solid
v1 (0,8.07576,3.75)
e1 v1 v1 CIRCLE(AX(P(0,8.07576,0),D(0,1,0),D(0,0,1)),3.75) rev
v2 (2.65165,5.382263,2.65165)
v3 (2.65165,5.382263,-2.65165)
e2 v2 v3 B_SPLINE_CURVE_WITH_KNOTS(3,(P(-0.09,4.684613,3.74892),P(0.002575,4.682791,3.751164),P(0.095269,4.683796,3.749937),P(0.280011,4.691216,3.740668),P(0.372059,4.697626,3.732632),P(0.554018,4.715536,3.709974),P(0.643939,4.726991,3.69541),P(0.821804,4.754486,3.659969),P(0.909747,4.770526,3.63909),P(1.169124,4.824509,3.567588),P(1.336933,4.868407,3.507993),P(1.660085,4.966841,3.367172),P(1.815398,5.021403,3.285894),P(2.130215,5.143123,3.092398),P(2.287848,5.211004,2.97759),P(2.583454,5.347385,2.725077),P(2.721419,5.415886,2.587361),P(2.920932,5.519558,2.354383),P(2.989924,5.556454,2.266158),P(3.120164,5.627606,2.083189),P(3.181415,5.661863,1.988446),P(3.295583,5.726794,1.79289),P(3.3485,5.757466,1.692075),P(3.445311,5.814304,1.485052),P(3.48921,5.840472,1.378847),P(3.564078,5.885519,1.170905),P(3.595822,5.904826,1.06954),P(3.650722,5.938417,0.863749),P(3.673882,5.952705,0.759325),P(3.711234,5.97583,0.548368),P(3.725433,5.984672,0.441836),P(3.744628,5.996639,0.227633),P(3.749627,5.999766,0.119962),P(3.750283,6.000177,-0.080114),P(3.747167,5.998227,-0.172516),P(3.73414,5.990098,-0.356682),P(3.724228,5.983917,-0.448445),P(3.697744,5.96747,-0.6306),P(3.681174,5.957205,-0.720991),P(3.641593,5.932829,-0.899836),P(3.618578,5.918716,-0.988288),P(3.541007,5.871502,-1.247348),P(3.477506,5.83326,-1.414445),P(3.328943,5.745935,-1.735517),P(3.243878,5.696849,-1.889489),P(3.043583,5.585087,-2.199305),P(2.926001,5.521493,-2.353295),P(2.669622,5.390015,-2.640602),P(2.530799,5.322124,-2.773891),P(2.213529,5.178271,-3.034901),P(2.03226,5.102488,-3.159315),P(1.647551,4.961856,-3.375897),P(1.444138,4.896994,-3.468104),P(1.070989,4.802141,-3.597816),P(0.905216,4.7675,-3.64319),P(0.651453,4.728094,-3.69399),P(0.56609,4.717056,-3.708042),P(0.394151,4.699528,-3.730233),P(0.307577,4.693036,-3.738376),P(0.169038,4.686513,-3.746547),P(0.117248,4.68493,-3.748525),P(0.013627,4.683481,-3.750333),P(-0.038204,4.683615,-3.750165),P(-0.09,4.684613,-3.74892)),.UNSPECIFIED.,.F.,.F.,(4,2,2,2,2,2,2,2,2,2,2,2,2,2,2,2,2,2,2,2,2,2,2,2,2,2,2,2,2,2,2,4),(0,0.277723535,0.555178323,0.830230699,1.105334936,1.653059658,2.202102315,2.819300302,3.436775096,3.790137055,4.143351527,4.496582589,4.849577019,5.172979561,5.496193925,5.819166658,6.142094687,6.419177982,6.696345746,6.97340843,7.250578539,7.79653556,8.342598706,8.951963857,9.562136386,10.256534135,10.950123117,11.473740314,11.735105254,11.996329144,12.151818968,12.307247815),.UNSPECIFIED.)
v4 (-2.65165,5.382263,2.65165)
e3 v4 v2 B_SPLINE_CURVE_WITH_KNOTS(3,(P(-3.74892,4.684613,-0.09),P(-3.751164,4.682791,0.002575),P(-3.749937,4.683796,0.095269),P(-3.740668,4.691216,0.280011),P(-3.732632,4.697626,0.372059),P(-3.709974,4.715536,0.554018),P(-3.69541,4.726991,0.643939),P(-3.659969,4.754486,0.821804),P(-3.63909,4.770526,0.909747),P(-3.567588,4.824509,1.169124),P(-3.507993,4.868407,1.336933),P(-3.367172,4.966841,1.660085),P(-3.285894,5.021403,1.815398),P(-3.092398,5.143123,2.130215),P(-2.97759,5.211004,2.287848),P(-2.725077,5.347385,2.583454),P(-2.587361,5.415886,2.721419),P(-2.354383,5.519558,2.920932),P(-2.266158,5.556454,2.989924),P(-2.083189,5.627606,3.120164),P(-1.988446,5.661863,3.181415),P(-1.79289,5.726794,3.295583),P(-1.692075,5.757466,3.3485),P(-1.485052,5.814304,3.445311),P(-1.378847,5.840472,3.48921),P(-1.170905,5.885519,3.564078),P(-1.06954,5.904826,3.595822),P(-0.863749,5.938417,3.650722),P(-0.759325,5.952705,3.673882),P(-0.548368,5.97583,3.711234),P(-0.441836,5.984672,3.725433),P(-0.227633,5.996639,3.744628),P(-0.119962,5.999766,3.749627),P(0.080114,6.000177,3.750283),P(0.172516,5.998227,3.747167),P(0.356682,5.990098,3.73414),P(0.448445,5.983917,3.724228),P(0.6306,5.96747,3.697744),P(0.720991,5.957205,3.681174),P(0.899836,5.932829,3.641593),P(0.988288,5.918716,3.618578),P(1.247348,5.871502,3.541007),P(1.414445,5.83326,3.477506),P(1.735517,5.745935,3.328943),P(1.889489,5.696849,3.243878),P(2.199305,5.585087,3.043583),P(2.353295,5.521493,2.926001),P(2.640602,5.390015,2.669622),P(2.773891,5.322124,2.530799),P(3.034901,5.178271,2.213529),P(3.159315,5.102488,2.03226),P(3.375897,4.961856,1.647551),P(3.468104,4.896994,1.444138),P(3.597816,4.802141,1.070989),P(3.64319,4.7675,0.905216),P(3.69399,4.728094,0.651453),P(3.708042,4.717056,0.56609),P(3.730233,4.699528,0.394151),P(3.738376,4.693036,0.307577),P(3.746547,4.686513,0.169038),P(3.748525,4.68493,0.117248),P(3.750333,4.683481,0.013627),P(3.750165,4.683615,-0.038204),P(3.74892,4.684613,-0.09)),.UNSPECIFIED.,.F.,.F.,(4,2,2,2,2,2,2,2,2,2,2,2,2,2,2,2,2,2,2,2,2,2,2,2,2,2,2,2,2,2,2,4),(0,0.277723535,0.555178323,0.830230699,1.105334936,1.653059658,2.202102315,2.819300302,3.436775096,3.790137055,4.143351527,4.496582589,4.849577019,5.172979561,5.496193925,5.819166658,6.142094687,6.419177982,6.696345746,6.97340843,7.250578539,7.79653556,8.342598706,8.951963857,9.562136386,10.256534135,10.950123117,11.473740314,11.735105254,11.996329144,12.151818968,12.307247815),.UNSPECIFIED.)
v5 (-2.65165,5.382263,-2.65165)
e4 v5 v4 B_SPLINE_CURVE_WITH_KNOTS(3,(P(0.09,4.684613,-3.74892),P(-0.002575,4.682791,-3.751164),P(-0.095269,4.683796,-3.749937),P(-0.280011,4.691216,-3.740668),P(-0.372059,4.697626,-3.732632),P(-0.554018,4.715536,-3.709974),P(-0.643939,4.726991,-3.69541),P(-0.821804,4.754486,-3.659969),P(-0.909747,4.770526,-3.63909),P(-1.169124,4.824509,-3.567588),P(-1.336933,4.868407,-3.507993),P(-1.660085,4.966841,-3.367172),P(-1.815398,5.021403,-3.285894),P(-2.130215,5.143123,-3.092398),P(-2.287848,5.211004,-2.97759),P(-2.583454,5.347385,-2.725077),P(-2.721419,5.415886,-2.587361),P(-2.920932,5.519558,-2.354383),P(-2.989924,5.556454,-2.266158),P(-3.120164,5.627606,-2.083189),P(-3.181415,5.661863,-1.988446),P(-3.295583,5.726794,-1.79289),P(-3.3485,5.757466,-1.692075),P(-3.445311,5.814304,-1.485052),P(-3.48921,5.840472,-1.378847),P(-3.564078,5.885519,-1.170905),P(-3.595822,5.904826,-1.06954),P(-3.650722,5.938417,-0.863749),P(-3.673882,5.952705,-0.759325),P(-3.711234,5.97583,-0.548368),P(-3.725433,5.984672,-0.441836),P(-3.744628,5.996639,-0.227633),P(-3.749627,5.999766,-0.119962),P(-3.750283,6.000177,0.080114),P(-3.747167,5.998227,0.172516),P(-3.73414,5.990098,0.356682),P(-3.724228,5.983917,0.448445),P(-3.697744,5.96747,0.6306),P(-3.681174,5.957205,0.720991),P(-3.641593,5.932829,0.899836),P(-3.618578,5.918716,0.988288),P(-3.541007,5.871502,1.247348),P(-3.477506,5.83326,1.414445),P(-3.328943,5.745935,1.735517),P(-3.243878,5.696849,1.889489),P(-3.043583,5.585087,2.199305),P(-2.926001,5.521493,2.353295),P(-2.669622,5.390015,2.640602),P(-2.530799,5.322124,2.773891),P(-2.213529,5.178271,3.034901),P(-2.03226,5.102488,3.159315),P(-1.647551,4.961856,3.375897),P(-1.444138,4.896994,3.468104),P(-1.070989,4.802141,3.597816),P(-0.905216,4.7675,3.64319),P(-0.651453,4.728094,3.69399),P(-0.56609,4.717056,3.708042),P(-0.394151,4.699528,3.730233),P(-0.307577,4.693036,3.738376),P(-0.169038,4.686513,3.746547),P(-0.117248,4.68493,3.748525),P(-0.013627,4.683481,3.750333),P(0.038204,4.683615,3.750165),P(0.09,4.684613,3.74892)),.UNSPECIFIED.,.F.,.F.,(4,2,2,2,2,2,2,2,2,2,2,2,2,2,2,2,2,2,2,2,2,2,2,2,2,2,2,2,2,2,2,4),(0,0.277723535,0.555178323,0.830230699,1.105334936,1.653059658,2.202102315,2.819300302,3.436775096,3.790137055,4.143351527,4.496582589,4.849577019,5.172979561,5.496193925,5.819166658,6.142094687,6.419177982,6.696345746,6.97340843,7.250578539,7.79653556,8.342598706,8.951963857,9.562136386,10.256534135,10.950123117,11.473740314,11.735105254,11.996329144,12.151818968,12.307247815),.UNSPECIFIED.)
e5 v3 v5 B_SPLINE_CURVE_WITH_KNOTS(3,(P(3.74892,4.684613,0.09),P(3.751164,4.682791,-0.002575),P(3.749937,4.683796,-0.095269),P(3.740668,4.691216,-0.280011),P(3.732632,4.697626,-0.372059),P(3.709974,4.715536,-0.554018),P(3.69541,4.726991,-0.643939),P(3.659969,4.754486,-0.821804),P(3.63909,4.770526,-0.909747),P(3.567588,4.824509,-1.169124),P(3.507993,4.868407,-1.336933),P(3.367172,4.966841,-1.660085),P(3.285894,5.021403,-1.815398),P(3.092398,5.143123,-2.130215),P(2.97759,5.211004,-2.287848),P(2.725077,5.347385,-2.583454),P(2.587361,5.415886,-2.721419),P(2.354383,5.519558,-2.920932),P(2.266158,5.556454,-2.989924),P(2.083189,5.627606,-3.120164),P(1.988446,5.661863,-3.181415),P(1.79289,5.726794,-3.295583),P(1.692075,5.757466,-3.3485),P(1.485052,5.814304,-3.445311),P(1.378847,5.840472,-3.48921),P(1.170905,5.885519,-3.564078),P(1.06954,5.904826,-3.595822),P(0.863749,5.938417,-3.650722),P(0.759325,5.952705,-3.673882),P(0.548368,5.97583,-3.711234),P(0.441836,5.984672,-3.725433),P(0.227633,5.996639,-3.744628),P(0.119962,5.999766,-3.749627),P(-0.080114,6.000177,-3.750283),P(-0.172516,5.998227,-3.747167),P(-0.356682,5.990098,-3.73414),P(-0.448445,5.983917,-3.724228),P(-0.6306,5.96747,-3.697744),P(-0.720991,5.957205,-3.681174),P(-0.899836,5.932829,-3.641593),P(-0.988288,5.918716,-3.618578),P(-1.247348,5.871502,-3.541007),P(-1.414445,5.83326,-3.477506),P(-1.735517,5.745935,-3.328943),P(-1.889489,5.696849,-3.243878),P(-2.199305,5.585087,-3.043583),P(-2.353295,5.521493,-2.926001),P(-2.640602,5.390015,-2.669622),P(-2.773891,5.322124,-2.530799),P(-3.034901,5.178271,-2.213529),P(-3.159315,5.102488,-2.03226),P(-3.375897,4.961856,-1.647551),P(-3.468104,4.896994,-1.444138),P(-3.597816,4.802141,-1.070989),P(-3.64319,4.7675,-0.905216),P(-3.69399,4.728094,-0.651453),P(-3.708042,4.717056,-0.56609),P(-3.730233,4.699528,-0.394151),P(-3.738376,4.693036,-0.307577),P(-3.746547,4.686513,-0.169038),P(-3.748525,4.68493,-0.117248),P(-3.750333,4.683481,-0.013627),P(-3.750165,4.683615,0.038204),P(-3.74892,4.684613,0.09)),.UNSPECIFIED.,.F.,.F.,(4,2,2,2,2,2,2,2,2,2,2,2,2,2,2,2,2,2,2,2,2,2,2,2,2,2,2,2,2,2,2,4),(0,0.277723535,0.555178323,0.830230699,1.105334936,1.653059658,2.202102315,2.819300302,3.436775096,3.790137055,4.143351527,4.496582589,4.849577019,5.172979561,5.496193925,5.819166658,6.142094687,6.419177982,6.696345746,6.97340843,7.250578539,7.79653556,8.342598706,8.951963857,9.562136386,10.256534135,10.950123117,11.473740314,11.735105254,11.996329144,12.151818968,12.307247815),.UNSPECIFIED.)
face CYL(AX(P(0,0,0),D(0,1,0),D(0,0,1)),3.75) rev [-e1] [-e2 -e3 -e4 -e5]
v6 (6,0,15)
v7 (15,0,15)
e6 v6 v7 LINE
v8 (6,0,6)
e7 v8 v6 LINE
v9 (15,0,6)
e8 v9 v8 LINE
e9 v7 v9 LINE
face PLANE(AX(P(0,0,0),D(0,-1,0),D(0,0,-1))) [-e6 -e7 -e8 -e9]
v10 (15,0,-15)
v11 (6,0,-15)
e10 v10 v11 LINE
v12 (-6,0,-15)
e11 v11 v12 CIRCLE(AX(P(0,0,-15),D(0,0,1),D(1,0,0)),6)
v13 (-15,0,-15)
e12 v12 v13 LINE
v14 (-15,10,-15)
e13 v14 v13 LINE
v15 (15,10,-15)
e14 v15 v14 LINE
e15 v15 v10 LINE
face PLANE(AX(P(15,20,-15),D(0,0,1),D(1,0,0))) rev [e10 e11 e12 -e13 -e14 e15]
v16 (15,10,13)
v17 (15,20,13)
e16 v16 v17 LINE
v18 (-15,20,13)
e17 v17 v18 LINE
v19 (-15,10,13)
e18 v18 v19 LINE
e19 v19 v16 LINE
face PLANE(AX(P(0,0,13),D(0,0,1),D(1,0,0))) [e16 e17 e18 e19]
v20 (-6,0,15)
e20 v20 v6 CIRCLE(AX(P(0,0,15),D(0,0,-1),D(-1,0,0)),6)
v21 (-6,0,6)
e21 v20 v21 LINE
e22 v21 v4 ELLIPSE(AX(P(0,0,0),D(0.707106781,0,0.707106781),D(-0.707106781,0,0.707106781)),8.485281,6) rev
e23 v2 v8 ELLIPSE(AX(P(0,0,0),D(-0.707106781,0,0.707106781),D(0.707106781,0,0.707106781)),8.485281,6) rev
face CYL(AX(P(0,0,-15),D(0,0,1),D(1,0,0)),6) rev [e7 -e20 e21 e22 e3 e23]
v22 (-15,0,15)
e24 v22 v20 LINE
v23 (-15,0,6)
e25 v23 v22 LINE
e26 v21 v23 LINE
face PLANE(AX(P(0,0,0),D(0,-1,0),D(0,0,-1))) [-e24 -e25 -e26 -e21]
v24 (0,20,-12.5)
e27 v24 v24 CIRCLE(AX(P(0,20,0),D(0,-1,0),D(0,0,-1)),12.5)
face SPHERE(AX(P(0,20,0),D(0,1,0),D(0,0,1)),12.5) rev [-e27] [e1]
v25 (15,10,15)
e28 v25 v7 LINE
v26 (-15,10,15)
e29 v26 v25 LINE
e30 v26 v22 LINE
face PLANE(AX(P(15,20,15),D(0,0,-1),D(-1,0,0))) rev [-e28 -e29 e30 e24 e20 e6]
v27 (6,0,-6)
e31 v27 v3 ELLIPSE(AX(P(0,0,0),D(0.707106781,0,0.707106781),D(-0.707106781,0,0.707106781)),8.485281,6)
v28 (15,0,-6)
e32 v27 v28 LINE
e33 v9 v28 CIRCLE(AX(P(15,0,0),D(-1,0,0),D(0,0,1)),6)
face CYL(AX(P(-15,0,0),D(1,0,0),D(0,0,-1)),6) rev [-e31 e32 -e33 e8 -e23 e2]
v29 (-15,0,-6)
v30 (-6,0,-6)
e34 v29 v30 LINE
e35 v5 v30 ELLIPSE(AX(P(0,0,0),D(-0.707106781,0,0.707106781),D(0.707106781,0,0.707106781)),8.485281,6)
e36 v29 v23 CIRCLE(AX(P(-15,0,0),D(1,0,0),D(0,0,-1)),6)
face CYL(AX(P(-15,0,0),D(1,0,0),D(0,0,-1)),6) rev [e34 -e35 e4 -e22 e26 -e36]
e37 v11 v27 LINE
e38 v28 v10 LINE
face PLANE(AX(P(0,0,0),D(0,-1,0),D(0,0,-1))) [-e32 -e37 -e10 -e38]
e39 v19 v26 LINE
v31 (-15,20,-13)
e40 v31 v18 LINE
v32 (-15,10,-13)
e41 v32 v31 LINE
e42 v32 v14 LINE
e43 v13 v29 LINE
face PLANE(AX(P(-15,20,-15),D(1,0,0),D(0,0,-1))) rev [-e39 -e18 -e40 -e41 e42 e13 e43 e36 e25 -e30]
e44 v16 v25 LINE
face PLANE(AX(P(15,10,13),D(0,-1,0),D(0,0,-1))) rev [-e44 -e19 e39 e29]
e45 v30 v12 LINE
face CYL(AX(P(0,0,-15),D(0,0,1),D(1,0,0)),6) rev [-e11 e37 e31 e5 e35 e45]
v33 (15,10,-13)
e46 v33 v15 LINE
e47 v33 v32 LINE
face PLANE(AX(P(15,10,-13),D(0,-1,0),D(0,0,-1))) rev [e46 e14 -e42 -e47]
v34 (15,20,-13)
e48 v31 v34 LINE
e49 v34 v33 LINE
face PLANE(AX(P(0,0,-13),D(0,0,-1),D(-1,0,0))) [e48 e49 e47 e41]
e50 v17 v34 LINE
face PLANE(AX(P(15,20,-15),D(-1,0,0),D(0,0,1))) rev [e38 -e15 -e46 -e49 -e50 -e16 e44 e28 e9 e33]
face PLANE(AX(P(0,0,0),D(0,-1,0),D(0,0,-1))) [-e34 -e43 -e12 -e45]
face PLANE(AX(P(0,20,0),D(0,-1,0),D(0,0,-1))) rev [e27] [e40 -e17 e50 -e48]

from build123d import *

# Parameters (mm, degrees)
SKETCH2_W               = 30
SKETCH2_H               = 30
BOSS_EXTRUDE1_DEPTH     = 20
SKETCH3_R               = 6
CUT_EXTRUDE2_DEPTH      = 1
CUT_EXTRUDE2_DEPTH_BACK = 31
SKETCH4_R               = 6
CUT_EXTRUDE3_DEPTH      = 1
CUT_EXTRUDE3_DEPTH_BACK = 31
SKETCH7_R               = 3.75
CUT_EXTRUDE4_DEPTH      = 21
SKETCH8_W               = 30
SKETCH8_H               = 10
CUT_EXTRUDE6_DEPTH      = 2
SKETCH9_W               = 30
SKETCH9_H               = 10
CUT_EXTRUDE7_DEPTH      = 2


with BuildPart() as part:
    # Sketch2 → Boss-Extrude1 (new body)
    with BuildSketch(Plane(origin=(0, 0, 0), x_dir=(1, 0, 0), z_dir=(0, 1, 0))):
        Rectangle(SKETCH2_W, SKETCH2_H)
    extrude(amount=BOSS_EXTRUDE1_DEPTH)

    # Sketch3 → Cut-Extrude2 (cut, two sides)
    with BuildSketch(Plane.XY.offset(15)) as cut_extrude2_sk:
        Circle(SKETCH3_R)
    extrude(amount=CUT_EXTRUDE2_DEPTH, mode=Mode.SUBTRACT)
    extrude(cut_extrude2_sk.sketch, amount=-CUT_EXTRUDE2_DEPTH_BACK, mode=Mode.SUBTRACT)

    # Sketch4 → Cut-Extrude3 (cut, two sides)
    with BuildSketch(Plane(origin=(15, 0, 0), x_dir=(0, 0, -1), z_dir=(1, 0, 0))) as cut_extrude3_sk:
        Circle(SKETCH4_R)
    extrude(amount=CUT_EXTRUDE3_DEPTH, mode=Mode.SUBTRACT)
    extrude(cut_extrude3_sk.sketch, amount=-CUT_EXTRUDE3_DEPTH_BACK, mode=Mode.SUBTRACT)

    # Sketch5 → Cut-Revolve1 (revolve, cut)
    with BuildSketch(Plane(origin=(0, 20, 0), x_dir=(1, 0, 0), z_dir=(0, 1, 0))):
        with BuildLine():
            Line((12.5, 0), (-12.5, 0))
            ThreePointArc((-12.5, 0), (0, 12.5), (12.5, 0))
        make_face()
    revolve(axis=Axis((12.5, 20, 0), (-1, 0, 0)), mode=Mode.SUBTRACT)

    # Sketch7 → Cut-Extrude4 (cut, through all)
    with BuildSketch(Plane(origin=(0, 20, 0), x_dir=(1, 0, 0), z_dir=(0, 1, 0))):
        Circle(SKETCH7_R)
    extrude(amount=-CUT_EXTRUDE4_DEPTH, mode=Mode.SUBTRACT)

    # Sketch8 → Cut-Extrude6 (cut)
    with BuildSketch(Plane.XY.offset(15)):
        with Locations((0, 15)):
            Rectangle(SKETCH8_W, SKETCH8_H)
    extrude(amount=-CUT_EXTRUDE6_DEPTH, mode=Mode.SUBTRACT)

    # Sketch9 → Cut-Extrude7 (cut)
    with BuildSketch(Plane(origin=(0, 0, -15), x_dir=(-1, 0, 0), z_dir=(0, 0, -1))):
        with Locations((0, 15)):
            Rectangle(SKETCH9_W, SKETCH9_H)
    extrude(amount=-CUT_EXTRUDE7_DEPTH, mode=Mode.SUBTRACT)


solid = part.part
